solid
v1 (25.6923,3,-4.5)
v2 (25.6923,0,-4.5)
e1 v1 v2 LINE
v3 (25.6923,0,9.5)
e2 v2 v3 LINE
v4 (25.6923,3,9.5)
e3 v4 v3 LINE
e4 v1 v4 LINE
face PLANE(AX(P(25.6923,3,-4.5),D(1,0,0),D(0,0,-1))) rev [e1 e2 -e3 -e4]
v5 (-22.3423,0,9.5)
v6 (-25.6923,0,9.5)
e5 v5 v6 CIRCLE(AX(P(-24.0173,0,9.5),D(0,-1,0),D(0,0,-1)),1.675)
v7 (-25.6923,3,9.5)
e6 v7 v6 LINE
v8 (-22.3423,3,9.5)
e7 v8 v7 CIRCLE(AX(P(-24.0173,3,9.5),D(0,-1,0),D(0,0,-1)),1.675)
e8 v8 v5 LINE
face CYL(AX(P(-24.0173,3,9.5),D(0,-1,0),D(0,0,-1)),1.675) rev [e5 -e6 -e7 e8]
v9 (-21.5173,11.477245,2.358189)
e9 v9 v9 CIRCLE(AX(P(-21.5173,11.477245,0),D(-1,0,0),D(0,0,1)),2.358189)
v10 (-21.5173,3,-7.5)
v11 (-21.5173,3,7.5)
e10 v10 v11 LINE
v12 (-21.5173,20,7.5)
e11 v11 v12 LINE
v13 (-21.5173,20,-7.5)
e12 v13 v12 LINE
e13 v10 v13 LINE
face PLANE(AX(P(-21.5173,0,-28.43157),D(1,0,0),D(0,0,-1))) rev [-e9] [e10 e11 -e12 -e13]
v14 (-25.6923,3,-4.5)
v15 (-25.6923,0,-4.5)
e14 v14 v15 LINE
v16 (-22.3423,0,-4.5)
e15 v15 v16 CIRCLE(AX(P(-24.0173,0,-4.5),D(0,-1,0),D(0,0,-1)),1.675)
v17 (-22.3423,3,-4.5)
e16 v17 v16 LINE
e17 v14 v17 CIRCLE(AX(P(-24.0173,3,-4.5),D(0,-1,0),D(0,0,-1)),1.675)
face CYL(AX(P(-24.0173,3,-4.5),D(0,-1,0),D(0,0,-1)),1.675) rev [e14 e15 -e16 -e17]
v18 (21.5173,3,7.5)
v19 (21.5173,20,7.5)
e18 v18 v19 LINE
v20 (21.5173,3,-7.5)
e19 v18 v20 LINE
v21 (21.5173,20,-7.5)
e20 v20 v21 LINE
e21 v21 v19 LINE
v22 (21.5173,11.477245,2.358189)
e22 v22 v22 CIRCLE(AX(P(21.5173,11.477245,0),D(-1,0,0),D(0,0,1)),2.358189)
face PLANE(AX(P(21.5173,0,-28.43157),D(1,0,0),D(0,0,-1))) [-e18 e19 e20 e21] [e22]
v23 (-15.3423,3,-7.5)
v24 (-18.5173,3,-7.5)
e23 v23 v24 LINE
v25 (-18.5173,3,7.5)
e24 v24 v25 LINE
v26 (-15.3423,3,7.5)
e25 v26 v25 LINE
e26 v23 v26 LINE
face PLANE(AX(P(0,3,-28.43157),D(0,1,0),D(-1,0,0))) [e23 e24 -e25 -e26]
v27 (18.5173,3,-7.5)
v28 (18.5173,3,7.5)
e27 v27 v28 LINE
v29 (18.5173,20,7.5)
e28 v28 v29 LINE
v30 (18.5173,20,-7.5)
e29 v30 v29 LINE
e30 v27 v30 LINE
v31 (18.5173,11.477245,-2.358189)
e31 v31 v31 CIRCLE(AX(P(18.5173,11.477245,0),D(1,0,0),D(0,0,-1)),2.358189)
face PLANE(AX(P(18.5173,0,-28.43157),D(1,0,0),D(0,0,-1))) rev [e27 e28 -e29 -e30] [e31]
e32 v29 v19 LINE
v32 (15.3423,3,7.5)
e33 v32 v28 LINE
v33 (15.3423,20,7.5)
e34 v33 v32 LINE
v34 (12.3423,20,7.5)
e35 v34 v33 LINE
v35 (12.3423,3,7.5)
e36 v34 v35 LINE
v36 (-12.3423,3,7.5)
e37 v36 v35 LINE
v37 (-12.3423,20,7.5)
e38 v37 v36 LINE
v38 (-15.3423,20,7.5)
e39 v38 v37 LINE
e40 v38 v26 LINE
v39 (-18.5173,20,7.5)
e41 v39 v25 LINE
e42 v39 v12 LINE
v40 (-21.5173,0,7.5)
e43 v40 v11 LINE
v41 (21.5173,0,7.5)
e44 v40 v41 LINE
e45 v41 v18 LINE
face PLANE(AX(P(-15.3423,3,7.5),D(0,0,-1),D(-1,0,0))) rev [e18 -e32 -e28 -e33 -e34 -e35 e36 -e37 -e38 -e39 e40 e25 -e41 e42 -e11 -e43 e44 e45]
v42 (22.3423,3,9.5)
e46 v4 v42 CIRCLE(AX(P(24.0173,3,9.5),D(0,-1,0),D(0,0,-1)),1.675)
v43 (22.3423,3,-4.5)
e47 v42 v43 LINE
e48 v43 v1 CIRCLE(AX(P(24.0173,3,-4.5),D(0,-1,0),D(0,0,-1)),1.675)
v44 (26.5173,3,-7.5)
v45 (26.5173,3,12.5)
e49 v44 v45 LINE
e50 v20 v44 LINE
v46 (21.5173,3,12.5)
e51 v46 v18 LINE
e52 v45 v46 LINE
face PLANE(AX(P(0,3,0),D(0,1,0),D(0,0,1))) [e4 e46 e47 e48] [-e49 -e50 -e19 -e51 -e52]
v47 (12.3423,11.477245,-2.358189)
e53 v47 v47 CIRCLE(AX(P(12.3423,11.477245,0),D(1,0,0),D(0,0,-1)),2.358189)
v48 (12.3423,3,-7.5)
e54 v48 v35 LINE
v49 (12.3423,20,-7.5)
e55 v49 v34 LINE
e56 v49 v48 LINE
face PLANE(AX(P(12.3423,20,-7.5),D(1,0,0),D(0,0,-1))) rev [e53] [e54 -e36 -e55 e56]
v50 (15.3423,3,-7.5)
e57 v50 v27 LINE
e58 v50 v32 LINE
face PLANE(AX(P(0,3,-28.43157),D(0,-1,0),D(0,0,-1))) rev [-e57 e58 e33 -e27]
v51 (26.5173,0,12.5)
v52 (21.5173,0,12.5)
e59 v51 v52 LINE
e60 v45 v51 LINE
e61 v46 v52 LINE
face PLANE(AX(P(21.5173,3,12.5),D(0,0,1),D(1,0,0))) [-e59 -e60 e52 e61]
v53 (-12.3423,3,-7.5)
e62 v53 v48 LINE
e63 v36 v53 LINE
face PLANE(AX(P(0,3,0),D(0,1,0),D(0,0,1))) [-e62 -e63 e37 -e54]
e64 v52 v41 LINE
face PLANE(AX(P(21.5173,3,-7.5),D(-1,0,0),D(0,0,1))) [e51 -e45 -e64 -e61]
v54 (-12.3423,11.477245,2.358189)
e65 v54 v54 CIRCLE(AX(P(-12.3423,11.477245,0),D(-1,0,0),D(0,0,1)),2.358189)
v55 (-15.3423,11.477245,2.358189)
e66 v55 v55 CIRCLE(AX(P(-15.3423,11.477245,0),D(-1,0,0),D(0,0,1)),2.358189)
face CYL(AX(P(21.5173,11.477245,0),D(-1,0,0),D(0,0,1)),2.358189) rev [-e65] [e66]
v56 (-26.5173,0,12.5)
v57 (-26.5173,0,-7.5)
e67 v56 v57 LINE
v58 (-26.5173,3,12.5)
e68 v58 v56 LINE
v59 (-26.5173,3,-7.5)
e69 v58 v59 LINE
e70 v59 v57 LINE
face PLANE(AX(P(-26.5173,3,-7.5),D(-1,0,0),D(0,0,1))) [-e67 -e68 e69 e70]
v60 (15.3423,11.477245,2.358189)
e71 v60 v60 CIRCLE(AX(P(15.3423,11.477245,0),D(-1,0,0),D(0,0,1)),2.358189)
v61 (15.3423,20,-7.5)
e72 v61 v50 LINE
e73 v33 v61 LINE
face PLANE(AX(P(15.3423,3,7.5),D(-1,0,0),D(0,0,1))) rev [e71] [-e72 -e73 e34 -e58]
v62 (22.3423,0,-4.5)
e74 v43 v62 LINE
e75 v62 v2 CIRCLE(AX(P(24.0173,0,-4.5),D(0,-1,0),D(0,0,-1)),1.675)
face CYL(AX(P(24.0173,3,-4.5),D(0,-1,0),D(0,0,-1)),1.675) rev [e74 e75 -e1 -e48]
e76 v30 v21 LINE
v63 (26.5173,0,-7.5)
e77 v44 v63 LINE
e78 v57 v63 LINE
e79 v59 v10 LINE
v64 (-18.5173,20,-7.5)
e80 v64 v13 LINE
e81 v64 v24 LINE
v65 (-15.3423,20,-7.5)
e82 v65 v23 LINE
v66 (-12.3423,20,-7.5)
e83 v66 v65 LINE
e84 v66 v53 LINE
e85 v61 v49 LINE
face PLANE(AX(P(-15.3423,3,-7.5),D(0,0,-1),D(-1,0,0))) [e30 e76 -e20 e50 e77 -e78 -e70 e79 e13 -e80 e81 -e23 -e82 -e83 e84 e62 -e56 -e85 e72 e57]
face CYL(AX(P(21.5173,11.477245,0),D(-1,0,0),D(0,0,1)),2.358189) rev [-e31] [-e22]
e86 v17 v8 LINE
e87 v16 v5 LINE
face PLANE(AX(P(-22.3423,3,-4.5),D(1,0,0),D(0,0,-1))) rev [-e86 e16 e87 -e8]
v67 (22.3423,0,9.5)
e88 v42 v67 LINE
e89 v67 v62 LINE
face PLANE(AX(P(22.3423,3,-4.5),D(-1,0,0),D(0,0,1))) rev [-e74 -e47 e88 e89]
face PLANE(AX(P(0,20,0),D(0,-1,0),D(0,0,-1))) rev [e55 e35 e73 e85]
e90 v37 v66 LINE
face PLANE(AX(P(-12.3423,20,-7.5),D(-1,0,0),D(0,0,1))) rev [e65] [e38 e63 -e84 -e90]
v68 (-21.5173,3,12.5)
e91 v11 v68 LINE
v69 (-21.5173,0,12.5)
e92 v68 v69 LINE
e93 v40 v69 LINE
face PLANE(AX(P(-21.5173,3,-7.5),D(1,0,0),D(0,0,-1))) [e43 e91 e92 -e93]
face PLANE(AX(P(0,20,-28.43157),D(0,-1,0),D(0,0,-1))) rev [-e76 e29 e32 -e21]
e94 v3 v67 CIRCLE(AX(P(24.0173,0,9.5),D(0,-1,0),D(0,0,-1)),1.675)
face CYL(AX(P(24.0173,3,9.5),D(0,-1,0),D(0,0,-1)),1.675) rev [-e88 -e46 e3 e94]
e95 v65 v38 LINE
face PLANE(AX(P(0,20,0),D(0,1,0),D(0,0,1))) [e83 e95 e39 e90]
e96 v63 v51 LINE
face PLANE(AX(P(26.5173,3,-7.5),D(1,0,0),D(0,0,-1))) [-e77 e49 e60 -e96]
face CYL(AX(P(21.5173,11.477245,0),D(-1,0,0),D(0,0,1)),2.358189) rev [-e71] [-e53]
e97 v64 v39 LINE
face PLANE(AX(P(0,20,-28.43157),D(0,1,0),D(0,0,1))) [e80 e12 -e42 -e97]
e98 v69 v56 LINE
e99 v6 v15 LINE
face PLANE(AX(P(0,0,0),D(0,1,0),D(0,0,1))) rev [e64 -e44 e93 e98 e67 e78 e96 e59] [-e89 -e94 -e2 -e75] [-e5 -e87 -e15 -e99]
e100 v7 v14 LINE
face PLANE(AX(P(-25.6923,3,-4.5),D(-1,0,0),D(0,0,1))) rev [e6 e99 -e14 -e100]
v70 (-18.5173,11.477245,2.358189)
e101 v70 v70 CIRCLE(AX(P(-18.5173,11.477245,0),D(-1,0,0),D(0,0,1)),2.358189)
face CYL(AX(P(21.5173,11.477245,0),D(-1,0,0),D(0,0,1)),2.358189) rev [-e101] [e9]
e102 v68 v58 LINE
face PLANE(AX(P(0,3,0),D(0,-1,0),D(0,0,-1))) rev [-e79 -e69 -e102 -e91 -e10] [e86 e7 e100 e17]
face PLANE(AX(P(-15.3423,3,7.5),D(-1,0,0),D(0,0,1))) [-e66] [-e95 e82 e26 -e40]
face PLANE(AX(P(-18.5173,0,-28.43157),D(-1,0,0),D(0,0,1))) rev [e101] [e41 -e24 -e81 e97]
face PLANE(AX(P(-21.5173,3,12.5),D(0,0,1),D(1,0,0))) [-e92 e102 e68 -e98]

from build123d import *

# Parameters (mm, degrees)
SKETCH1_W               = 30.6846
SKETCH1_H               = 15
BOSS_EXTRUDE1_DEPTH     = 3
SKETCH2_W               = 3
SKETCH2_H               = 15
BOSS_EXTRUDE2_DEPTH     = 17
SKETCH4_W               = 3.175
SKETCH4_H               = 3
BOSS_EXTRUDE3_DEPTH     = 15
CUT_EXTRUDE1_DEPTH      = 43.601409744
CUT_EXTRUDE1_DEPTH_BACK = 43.601409744
SKETCH3_R               = 2.358188849
SKETCH5_W               = 5
SKETCH5_H               = 20
BOSS_EXTRUDE4_DEPTH     = 3


with BuildPart() as part:
    # Sketch1 → Boss-Extrude1 (new body)
    with BuildSketch(Plane(origin=(0, 0, 0), x_dir=(1, 0, 0), z_dir=(0, 1, 0))):
        Rectangle(SKETCH1_W, SKETCH1_H)
    extrude(amount=BOSS_EXTRUDE1_DEPTH)

    # Sketch2 → Boss-Extrude2 (add)
    with BuildSketch(Plane(origin=(0, 3, 0), x_dir=(1, 0, 0), z_dir=(0, 1, 0))):
        with Locations((-13.8423, 0)):
            Rectangle(SKETCH2_W, SKETCH2_H)
        with Locations((13.8423, 0)):
            Rectangle(SKETCH2_W, SKETCH2_H)
    extrude(amount=BOSS_EXTRUDE2_DEPTH)

    # Sketch4 → Boss-Extrude3 (add)
    with BuildSketch(Plane.XY.offset(7.5)):
        Polygon((-18.5173, 0), (-18.5173, 3), (-18.5173, 20), (-21.5173, 20), (-21.5173, 0), align=None)
        with Locations((-16.9298, 1.5)):
            Rectangle(SKETCH4_W, SKETCH4_H)
        with Locations((16.9298, 1.5)):
            Rectangle(SKETCH4_W, SKETCH4_H)
        Polygon((18.5173, 20), (18.5173, 3), (18.5173, 0), (21.5173, 0), (21.5173, 20), align=None)
    extrude(amount=-BOSS_EXTRUDE3_DEPTH)

    # Sketch3 → Cut-Extrude1 (cut, two sides: drawn at the far end of the back side and taken through both)
    with BuildSketch(Plane.ZY.offset(15.3423).offset(-CUT_EXTRUDE1_DEPTH_BACK)):
        with Locations((0, 11.477245264)):
            Circle(SKETCH3_R)
    extrude(amount=CUT_EXTRUDE1_DEPTH + CUT_EXTRUDE1_DEPTH_BACK, mode=Mode.SUBTRACT)

    # Sketch5 → Boss-Extrude4 (add)
    # profile 1 of 2: a face of its own
    with BuildSketch(Plane(origin=(0, 0, 0), x_dir=(-1, 0, 0), z_dir=(0, -1, 0))):
        with Locations((24.0173, -2.5)):
            Rectangle(SKETCH5_W, SKETCH5_H)
        with BuildLine():
            Line((25.6923, 4.5), (25.6923, -9.5))
            ThreePointArc((25.6923, -9.5), (24.0173, -11.175), (22.3423, -9.5))
            Line((22.3423, -9.5), (22.3423, 4.5))
            ThreePointArc((22.3423, 4.5), (24.0173, 6.175), (25.6923, 4.5))
        make_face(mode=Mode.SUBTRACT)
    # profile 2 of 2: a face of its own
    with BuildSketch(Plane(origin=(0, 0, 0), x_dir=(-1, 0, 0), z_dir=(0, -1, 0))):
        with Locations((-24.0173, -2.5)):
            Rectangle(SKETCH5_W, SKETCH5_H)
        with BuildLine():
            Line((-22.3423, 4.5), (-22.3423, -9.5))
            ThreePointArc((-22.3423, -9.5), (-24.0173, -11.175), (-25.6923, -9.5))
            Line((-25.6923, -9.5), (-25.6923, 4.5))
            ThreePointArc((-25.6923, 4.5), (-24.0173, 6.175), (-22.3423, 4.5))
        make_face(mode=Mode.SUBTRACT)
    extrude(amount=-BOSS_EXTRUDE4_DEPTH)


solid = part.part
